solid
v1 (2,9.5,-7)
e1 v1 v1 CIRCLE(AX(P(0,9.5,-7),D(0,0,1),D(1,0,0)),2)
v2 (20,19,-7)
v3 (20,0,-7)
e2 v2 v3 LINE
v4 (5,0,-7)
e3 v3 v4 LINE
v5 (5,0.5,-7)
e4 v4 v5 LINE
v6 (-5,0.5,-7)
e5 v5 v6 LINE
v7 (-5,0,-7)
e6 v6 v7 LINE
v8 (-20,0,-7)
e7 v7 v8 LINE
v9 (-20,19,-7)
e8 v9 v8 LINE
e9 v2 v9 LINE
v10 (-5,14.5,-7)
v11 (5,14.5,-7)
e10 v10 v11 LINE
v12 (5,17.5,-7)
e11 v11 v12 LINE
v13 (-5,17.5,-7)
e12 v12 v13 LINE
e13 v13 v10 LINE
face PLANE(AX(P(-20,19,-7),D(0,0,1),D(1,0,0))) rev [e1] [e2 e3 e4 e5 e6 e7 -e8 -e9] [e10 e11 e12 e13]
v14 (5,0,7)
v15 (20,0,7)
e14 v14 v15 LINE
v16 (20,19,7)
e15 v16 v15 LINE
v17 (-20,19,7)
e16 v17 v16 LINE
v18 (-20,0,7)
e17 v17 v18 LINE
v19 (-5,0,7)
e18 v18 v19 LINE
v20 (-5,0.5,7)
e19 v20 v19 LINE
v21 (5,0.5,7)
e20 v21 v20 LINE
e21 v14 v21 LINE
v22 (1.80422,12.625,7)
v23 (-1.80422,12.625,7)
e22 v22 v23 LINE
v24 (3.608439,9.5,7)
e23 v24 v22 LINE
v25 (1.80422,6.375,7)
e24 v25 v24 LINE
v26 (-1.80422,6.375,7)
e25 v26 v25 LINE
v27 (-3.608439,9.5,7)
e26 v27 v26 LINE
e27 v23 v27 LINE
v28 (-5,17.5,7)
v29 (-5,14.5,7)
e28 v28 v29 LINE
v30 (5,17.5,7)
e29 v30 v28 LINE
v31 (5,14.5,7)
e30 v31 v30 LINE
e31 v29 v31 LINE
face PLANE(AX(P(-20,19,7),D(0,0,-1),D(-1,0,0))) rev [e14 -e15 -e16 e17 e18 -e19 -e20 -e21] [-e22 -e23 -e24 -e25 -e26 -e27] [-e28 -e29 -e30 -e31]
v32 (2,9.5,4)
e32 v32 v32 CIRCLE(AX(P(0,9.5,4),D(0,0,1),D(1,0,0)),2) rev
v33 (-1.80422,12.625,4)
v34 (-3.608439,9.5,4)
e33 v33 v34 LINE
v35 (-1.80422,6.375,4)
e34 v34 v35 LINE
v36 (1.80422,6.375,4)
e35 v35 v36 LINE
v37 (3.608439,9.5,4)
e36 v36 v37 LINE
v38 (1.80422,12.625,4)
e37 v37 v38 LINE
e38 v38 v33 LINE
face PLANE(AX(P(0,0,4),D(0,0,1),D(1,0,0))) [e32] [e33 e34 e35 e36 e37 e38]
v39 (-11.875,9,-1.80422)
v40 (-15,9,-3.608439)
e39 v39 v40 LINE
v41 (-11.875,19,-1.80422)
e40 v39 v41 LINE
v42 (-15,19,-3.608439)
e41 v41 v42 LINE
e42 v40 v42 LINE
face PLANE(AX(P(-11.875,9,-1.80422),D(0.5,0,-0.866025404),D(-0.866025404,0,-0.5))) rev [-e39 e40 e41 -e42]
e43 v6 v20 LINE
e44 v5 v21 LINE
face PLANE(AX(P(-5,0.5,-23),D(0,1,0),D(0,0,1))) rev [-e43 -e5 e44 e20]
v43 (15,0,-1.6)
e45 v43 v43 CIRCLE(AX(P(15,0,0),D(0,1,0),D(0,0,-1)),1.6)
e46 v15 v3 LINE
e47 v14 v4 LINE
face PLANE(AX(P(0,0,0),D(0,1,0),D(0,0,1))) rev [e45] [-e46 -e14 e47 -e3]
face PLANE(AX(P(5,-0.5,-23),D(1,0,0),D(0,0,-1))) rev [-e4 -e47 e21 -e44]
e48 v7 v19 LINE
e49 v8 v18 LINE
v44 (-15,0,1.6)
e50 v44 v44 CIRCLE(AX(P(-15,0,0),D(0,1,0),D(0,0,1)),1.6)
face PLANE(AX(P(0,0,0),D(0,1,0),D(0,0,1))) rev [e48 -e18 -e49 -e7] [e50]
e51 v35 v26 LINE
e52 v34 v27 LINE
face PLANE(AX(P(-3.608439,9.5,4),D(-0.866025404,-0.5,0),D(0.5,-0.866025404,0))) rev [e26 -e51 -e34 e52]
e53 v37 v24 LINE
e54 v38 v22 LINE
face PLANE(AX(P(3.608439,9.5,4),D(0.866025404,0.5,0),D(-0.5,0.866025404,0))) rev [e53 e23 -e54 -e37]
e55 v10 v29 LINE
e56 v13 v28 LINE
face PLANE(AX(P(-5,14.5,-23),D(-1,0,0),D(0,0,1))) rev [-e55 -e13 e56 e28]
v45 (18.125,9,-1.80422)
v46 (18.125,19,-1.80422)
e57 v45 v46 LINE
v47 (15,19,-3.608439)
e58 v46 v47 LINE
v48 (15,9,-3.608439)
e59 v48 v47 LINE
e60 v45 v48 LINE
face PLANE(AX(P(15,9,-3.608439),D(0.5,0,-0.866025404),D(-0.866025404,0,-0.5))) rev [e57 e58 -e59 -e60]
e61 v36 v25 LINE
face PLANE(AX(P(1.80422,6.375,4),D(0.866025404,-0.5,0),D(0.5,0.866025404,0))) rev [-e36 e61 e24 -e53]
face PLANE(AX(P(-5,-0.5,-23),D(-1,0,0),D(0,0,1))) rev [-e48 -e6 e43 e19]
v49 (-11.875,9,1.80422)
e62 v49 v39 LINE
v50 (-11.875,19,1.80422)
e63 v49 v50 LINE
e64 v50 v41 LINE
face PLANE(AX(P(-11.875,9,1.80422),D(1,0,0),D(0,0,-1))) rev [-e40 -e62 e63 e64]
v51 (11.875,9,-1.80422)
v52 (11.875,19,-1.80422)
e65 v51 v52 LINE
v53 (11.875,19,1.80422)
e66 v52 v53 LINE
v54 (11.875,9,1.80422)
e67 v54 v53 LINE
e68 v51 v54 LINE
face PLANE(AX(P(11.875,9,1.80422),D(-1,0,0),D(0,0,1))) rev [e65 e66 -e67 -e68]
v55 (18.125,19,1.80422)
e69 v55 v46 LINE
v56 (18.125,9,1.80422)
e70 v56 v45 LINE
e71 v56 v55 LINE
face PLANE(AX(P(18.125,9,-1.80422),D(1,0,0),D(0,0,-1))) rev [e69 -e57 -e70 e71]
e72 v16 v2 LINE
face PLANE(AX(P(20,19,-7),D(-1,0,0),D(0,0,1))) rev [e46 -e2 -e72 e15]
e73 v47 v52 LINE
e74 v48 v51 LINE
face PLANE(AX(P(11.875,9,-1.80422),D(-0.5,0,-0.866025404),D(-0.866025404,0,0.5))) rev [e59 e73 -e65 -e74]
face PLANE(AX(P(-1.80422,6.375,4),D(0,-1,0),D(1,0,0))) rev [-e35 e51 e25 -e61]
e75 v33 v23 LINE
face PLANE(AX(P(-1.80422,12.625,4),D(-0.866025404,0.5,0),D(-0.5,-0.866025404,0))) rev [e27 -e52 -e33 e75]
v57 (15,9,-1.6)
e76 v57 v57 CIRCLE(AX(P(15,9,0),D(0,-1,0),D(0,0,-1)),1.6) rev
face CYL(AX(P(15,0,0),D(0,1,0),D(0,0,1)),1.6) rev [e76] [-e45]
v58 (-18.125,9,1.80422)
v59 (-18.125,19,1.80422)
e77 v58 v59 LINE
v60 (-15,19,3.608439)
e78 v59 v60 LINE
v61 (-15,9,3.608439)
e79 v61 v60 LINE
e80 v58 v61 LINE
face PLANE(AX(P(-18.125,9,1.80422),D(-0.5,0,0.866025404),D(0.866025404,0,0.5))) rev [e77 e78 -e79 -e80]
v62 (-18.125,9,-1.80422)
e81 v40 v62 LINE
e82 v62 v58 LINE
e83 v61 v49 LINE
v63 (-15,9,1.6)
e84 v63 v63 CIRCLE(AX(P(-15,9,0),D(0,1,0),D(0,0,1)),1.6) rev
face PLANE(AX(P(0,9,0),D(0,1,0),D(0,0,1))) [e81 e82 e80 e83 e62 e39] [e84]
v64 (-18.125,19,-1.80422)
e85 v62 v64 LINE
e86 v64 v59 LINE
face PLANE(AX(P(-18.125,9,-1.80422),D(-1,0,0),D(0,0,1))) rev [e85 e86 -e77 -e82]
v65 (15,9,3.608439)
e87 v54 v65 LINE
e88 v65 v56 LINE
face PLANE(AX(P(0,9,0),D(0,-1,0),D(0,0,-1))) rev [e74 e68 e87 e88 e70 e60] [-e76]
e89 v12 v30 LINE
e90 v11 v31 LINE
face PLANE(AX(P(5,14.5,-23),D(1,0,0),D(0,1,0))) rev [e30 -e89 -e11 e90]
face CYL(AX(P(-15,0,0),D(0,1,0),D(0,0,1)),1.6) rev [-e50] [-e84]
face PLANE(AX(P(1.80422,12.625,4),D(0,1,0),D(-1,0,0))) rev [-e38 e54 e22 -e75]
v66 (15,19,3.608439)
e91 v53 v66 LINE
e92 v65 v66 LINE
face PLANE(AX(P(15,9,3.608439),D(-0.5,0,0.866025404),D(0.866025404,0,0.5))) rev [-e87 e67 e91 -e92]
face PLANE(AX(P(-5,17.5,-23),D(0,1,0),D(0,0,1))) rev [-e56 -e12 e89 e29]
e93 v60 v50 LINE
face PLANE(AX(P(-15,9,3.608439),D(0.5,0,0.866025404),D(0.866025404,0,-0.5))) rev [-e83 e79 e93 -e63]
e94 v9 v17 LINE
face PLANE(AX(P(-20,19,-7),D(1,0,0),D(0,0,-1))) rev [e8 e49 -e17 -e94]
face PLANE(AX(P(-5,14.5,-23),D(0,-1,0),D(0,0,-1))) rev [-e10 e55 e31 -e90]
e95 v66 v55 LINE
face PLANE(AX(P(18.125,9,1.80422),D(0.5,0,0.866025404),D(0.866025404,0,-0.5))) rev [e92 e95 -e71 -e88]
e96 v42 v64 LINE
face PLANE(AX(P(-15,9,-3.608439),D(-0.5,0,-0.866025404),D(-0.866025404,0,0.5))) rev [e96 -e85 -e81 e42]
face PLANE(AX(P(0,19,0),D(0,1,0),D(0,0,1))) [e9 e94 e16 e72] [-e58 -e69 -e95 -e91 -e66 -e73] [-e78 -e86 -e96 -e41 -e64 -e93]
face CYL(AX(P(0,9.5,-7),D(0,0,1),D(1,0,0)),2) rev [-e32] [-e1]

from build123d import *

# Parameters (mm, degrees)
SKETCH1_W           = 40
SKETCH1_H           = 14
BOSS_EXTRUDE1_DEPTH = 19
SKETCH2_W           = 10
SKETCH2_H           = 3
SKETCH2_H_2         = 1
CUT_EXTRUDE1_DEPTH  = 30
SKETCH3_R           = 2
CUT_EXTRUDE2_DEPTH  = 31.935416597
SKETCH4_R           = 1.6
CUT_EXTRUDE3_DEPTH  = 29.460498942
CUT_EXTRUDE4_DEPTH  = 10
CUT_EXTRUDE5_DEPTH  = 3


with BuildPart() as part:
    # Sketch1 → Boss-Extrude1 (new body)
    with BuildSketch(Plane(origin=(0, 0, 0), x_dir=(1, 0, 0), z_dir=(0, 1, 0))):
        Rectangle(SKETCH1_W, SKETCH1_H)
    extrude(amount=BOSS_EXTRUDE1_DEPTH)

    # Sketch2 → Cut-Extrude1 (cut)
    with BuildSketch(Plane.XY.offset(7)):
        with Locations((0, 16)):
            Rectangle(SKETCH2_W, SKETCH2_H)
        Rectangle(SKETCH2_W, SKETCH2_H_2)
    extrude(amount=-CUT_EXTRUDE1_DEPTH, mode=Mode.SUBTRACT)

    # Sketch3 → Cut-Extrude2 (cut, through all)
    with BuildSketch(Plane.XY.offset(7)):
        with Locations((0, 9.5)):
            Circle(SKETCH3_R)
    extrude(amount=-CUT_EXTRUDE2_DEPTH, mode=Mode.SUBTRACT)

    # Sketch4 → Cut-Extrude3 (cut, through all)
    with BuildSketch(Plane(origin=(0, 19, 0), x_dir=(1, 0, 0), z_dir=(0, 1, 0))):
        with Locations(Location((-15, 0, 0), (0, 0, 270))):
            Circle(SKETCH4_R)
        with Locations(Location((15, 0, 0), (0, 0, 90))):
            Circle(SKETCH4_R)
    extrude(amount=-CUT_EXTRUDE3_DEPTH, mode=Mode.SUBTRACT)

    # Sketch9 → Cut-Extrude4 (cut)
    with BuildSketch(Plane(origin=(0, 19, 0), x_dir=(1, 0, 0), z_dir=(0, 1, 0))):
        Polygon((-15, 3.608439182), (-18.125, 1.804219591), (-18.125, -1.804219591), (-15, -3.608439182), (-11.875, -1.804219591), (-11.875, 1.804219591), align=None)
        Polygon((11.875, 1.804219591), (15, 3.608439182), (18.125, 1.804219591), (18.125, -1.804219591), (15, -3.608439182), (11.875, -1.804219591), align=None)
    extrude(amount=-CUT_EXTRUDE4_DEPTH, mode=Mode.SUBTRACT)

    # Sketch10 → Cut-Extrude5 (cut)
    with BuildSketch(Plane.XY.offset(7)):
        Polygon((1.804219591, 12.625), (-1.804219591, 12.625), (-3.608439182, 9.5), (-1.804219591, 6.375), (1.804219591, 6.375), (3.608439182, 9.5), align=None)
    extrude(amount=-CUT_EXTRUDE5_DEPTH, mode=Mode.SUBTRACT)


solid = part.part
